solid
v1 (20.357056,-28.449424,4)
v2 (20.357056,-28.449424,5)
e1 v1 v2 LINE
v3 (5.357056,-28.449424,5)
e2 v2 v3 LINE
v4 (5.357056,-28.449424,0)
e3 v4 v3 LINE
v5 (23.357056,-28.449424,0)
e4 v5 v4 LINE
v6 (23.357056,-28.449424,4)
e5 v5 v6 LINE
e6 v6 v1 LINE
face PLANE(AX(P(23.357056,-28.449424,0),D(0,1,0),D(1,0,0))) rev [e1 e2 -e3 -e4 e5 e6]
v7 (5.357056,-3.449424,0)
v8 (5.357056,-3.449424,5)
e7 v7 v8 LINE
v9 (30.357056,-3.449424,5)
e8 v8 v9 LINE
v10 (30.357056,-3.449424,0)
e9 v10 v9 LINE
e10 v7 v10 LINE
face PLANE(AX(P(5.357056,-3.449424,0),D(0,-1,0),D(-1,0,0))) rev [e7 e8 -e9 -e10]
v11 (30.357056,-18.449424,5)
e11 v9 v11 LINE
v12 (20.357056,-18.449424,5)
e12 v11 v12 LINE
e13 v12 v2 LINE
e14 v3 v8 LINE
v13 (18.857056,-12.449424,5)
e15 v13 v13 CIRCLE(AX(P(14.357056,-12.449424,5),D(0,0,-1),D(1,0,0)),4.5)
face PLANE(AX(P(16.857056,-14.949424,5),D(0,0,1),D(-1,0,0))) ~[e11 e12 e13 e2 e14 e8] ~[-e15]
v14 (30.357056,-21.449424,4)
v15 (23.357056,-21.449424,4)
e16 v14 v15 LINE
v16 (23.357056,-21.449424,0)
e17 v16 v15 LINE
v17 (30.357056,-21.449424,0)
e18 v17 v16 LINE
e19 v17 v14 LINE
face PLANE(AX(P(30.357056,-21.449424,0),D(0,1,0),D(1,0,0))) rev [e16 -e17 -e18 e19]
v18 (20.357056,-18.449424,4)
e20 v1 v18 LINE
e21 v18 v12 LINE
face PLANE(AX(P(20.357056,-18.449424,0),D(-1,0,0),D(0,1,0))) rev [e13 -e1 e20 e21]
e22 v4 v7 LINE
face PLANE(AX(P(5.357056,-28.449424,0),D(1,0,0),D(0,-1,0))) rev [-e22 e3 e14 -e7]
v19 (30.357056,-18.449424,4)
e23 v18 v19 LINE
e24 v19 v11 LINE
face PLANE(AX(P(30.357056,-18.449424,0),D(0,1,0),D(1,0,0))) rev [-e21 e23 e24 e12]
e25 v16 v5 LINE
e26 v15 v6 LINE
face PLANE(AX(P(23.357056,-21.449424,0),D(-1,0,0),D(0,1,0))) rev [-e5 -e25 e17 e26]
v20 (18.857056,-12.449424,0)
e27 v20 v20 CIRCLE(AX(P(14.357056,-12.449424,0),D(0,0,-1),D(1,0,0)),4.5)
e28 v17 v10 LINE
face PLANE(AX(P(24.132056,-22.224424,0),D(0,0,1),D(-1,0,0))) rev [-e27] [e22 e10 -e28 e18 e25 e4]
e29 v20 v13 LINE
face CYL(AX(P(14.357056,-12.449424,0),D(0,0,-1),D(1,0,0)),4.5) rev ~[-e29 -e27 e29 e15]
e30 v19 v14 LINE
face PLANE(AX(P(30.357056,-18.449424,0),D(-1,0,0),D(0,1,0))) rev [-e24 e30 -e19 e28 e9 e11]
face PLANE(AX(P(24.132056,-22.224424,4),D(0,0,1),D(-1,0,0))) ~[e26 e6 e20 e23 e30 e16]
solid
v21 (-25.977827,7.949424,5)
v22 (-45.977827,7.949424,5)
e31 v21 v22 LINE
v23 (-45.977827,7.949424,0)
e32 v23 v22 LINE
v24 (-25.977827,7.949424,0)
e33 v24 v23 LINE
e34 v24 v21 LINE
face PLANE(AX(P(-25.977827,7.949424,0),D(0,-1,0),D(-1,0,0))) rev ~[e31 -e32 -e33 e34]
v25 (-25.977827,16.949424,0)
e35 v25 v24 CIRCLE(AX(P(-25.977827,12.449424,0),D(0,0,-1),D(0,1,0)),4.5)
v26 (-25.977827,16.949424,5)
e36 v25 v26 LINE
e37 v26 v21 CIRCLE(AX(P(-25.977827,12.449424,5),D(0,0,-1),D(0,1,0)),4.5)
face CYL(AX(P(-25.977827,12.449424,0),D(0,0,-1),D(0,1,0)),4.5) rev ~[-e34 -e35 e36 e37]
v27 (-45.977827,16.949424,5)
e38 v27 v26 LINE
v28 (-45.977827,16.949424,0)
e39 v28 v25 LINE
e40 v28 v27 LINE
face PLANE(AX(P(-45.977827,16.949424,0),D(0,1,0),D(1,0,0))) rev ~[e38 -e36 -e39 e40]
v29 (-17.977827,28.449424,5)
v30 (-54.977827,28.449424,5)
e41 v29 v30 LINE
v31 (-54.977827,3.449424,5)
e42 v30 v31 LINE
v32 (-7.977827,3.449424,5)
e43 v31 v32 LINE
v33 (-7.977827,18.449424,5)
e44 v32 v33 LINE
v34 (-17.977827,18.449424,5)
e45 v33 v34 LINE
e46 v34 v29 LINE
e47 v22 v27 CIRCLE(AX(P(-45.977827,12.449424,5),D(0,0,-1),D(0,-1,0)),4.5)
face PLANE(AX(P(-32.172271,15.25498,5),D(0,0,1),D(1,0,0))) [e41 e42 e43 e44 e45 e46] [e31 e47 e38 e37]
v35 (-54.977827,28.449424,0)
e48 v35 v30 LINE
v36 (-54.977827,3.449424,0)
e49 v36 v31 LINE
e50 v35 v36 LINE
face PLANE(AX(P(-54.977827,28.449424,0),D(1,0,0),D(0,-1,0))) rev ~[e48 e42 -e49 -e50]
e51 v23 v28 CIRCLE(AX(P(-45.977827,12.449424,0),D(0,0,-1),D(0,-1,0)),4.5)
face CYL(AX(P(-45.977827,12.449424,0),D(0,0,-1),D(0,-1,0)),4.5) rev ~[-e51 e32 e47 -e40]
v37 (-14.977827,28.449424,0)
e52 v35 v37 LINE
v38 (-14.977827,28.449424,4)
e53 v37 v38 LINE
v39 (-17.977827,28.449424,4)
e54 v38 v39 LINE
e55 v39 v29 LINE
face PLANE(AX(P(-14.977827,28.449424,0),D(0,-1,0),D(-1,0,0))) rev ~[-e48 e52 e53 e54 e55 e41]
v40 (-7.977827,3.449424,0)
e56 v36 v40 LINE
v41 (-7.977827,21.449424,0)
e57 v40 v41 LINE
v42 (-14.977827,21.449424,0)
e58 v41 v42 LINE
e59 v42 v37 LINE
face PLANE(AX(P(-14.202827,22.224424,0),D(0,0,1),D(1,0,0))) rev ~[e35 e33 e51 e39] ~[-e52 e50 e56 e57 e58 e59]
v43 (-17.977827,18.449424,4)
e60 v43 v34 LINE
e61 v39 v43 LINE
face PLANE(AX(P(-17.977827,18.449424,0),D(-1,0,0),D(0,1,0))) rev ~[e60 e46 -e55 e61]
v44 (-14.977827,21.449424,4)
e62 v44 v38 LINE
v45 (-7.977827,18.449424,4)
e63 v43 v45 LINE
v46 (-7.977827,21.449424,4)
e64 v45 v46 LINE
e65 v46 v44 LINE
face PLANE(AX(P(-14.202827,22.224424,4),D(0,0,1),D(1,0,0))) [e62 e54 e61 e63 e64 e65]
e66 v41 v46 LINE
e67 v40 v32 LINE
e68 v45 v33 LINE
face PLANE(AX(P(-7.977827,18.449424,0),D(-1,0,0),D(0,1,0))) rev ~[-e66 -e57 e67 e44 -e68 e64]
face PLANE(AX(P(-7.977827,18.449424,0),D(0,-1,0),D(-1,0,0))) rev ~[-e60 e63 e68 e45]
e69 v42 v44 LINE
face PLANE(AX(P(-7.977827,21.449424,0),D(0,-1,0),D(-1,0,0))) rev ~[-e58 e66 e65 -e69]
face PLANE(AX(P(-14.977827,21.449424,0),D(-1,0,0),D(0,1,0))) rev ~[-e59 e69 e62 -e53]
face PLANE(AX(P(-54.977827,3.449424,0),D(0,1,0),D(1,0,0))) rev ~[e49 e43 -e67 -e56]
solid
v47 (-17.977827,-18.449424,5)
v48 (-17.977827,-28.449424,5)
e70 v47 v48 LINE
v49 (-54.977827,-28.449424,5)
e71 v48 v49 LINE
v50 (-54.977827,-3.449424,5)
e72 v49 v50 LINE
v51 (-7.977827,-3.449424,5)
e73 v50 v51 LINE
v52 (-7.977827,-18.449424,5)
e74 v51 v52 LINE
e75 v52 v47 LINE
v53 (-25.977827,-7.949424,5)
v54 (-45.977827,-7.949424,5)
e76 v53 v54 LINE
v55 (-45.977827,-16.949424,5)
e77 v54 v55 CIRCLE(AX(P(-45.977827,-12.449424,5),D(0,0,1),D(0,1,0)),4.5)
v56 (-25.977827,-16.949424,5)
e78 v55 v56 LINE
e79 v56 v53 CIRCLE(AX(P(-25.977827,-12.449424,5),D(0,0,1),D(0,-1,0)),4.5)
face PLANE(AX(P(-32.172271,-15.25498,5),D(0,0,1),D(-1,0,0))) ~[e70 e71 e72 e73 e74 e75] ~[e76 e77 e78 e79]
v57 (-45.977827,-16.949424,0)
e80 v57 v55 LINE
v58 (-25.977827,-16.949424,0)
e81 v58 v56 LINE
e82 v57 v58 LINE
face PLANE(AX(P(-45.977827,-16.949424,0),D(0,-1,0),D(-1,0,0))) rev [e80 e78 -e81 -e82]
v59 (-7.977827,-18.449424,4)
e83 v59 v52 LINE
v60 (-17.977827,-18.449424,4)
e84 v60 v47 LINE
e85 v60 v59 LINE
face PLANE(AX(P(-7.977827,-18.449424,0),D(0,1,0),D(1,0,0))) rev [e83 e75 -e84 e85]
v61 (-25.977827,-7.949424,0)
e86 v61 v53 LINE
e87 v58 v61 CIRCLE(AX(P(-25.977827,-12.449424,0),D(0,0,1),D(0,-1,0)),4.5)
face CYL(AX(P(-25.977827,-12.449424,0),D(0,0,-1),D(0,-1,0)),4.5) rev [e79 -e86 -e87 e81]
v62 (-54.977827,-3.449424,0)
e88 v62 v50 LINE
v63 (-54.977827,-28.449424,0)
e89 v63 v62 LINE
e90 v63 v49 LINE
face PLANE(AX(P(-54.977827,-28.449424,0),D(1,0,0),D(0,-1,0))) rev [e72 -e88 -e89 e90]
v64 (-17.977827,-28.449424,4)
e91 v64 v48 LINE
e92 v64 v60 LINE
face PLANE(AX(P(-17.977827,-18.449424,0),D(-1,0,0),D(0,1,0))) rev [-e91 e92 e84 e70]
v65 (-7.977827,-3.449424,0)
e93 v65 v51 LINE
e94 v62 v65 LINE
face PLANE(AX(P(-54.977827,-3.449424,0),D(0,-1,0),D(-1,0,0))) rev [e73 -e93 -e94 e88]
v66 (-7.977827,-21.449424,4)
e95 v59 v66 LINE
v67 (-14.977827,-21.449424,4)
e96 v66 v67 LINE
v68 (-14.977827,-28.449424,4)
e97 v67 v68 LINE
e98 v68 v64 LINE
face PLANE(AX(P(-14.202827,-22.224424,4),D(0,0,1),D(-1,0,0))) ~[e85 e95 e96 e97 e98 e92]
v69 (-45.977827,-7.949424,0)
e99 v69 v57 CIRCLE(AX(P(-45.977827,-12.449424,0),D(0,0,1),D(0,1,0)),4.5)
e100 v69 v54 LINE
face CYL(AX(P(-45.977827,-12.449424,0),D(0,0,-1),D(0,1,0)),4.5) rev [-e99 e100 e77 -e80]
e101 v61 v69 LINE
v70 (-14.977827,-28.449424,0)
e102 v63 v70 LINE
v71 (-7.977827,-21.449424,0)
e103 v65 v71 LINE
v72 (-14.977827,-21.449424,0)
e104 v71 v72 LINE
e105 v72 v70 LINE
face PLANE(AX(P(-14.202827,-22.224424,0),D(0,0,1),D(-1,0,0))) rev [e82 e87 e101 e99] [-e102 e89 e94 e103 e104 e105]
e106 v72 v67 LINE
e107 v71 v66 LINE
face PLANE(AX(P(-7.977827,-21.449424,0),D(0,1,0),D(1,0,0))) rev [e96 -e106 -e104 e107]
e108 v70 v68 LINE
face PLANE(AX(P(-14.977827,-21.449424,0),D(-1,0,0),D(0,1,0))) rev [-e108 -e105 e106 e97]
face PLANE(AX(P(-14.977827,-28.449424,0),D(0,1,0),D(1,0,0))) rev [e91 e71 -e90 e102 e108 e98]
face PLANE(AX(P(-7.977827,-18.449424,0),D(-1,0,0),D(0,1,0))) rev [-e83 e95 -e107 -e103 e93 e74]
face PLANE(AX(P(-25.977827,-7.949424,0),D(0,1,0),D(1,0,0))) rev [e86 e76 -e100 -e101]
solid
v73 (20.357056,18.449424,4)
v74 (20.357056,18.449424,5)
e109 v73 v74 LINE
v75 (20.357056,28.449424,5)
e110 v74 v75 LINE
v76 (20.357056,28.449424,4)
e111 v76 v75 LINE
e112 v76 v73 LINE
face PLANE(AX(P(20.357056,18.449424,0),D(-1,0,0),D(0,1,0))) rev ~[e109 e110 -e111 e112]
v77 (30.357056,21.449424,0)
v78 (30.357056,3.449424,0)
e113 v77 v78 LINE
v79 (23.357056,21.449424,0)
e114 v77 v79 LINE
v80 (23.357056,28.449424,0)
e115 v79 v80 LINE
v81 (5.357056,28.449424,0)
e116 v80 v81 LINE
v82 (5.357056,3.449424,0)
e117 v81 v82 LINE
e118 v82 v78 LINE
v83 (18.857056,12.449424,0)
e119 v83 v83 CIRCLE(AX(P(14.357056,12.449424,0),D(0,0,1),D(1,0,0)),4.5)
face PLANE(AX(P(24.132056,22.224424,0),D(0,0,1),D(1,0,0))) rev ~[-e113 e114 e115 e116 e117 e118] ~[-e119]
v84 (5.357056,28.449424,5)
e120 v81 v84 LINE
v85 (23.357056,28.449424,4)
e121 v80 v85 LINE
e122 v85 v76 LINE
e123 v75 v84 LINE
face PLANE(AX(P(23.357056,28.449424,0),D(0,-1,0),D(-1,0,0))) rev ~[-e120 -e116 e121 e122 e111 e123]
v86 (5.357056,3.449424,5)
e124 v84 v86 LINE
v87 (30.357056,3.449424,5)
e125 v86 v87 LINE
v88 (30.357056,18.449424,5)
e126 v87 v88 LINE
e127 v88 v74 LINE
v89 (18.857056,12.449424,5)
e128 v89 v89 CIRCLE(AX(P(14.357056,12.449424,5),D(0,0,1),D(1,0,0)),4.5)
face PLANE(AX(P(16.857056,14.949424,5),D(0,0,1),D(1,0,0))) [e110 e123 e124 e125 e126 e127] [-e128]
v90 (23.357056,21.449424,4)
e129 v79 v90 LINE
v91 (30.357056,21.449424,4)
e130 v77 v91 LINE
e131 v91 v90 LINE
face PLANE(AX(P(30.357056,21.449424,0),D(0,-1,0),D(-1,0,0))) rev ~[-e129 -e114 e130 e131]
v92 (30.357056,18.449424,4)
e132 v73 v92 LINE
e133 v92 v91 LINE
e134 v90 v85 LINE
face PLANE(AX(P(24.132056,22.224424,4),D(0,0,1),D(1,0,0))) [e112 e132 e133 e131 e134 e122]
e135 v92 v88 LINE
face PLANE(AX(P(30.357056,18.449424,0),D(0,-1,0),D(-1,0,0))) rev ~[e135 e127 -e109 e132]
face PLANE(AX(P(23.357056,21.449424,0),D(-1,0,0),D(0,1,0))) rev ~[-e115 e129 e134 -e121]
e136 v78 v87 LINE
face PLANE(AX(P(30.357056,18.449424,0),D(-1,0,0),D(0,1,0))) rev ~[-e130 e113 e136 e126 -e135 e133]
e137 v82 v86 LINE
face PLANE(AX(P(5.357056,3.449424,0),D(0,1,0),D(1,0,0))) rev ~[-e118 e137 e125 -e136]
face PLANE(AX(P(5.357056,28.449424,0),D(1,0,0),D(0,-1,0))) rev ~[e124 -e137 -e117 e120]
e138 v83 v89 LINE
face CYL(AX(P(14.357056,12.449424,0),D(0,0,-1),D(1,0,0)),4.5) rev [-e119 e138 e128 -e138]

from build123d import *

# Parameters (mm, degrees)
F0_R     = 4.5
F1_DEPTH = 5
F2_DEPTH = 4


with BuildPart() as f1:
    # F0 (on Top) → F1 (new body)
    with BuildSketch(Plane.XY):
        Polygon((-54.977827, 3.449424), (-7.977827, 3.449424), (-7.977827, 18.449424), (-17.977827, 18.449424), (-17.977827, 28.449424), (-54.977827, 28.449424), align=None)
        with BuildLine():
            ThreePointArc((-45.977827, 7.949424), (-50.477827, 12.449424), (-45.977827, 16.949424))
            Line((-45.977827, 16.949424), (-25.977827, 16.949424))
            ThreePointArc((-25.977827, 16.949424), (-21.477827, 12.449424), (-25.977827, 7.949424))
            Line((-25.977827, 7.949424), (-45.977827, 7.949424))
        make_face(mode=Mode.SUBTRACT)
        Polygon((5.357056, 28.449424), (5.357056, 3.449424), (30.357056, 3.449424), (30.357056, 18.449424), (20.357056, 18.449424), (20.357056, 28.449424), align=None)
        with Locations((14.357056, 12.449424)):
            Circle(F0_R, mode=Mode.SUBTRACT)
    extrude(amount=F1_DEPTH)

    # F0 (on Top) → F2 (join)
    with BuildSketch(Plane.XY):
        Polygon((-17.977827, 18.449424), (-7.977827, 18.449424), (-7.977827, 21.449424), (-14.977827, 21.449424), (-14.977827, 28.449424), (-17.977827, 28.449424), align=None)
        Polygon((23.357056, 28.449424), (20.357056, 28.449424), (20.357056, 18.449424), (30.357056, 18.449424), (30.357056, 21.449424), (23.357056, 21.449424), align=None)
    extrude(amount=F2_DEPTH)


with BuildPart() as f3_1:
    # F3: instance of F1
    add(f1.part.mirror(Plane.XZ))


solid = Compound([f1.part, f3_1.part])
